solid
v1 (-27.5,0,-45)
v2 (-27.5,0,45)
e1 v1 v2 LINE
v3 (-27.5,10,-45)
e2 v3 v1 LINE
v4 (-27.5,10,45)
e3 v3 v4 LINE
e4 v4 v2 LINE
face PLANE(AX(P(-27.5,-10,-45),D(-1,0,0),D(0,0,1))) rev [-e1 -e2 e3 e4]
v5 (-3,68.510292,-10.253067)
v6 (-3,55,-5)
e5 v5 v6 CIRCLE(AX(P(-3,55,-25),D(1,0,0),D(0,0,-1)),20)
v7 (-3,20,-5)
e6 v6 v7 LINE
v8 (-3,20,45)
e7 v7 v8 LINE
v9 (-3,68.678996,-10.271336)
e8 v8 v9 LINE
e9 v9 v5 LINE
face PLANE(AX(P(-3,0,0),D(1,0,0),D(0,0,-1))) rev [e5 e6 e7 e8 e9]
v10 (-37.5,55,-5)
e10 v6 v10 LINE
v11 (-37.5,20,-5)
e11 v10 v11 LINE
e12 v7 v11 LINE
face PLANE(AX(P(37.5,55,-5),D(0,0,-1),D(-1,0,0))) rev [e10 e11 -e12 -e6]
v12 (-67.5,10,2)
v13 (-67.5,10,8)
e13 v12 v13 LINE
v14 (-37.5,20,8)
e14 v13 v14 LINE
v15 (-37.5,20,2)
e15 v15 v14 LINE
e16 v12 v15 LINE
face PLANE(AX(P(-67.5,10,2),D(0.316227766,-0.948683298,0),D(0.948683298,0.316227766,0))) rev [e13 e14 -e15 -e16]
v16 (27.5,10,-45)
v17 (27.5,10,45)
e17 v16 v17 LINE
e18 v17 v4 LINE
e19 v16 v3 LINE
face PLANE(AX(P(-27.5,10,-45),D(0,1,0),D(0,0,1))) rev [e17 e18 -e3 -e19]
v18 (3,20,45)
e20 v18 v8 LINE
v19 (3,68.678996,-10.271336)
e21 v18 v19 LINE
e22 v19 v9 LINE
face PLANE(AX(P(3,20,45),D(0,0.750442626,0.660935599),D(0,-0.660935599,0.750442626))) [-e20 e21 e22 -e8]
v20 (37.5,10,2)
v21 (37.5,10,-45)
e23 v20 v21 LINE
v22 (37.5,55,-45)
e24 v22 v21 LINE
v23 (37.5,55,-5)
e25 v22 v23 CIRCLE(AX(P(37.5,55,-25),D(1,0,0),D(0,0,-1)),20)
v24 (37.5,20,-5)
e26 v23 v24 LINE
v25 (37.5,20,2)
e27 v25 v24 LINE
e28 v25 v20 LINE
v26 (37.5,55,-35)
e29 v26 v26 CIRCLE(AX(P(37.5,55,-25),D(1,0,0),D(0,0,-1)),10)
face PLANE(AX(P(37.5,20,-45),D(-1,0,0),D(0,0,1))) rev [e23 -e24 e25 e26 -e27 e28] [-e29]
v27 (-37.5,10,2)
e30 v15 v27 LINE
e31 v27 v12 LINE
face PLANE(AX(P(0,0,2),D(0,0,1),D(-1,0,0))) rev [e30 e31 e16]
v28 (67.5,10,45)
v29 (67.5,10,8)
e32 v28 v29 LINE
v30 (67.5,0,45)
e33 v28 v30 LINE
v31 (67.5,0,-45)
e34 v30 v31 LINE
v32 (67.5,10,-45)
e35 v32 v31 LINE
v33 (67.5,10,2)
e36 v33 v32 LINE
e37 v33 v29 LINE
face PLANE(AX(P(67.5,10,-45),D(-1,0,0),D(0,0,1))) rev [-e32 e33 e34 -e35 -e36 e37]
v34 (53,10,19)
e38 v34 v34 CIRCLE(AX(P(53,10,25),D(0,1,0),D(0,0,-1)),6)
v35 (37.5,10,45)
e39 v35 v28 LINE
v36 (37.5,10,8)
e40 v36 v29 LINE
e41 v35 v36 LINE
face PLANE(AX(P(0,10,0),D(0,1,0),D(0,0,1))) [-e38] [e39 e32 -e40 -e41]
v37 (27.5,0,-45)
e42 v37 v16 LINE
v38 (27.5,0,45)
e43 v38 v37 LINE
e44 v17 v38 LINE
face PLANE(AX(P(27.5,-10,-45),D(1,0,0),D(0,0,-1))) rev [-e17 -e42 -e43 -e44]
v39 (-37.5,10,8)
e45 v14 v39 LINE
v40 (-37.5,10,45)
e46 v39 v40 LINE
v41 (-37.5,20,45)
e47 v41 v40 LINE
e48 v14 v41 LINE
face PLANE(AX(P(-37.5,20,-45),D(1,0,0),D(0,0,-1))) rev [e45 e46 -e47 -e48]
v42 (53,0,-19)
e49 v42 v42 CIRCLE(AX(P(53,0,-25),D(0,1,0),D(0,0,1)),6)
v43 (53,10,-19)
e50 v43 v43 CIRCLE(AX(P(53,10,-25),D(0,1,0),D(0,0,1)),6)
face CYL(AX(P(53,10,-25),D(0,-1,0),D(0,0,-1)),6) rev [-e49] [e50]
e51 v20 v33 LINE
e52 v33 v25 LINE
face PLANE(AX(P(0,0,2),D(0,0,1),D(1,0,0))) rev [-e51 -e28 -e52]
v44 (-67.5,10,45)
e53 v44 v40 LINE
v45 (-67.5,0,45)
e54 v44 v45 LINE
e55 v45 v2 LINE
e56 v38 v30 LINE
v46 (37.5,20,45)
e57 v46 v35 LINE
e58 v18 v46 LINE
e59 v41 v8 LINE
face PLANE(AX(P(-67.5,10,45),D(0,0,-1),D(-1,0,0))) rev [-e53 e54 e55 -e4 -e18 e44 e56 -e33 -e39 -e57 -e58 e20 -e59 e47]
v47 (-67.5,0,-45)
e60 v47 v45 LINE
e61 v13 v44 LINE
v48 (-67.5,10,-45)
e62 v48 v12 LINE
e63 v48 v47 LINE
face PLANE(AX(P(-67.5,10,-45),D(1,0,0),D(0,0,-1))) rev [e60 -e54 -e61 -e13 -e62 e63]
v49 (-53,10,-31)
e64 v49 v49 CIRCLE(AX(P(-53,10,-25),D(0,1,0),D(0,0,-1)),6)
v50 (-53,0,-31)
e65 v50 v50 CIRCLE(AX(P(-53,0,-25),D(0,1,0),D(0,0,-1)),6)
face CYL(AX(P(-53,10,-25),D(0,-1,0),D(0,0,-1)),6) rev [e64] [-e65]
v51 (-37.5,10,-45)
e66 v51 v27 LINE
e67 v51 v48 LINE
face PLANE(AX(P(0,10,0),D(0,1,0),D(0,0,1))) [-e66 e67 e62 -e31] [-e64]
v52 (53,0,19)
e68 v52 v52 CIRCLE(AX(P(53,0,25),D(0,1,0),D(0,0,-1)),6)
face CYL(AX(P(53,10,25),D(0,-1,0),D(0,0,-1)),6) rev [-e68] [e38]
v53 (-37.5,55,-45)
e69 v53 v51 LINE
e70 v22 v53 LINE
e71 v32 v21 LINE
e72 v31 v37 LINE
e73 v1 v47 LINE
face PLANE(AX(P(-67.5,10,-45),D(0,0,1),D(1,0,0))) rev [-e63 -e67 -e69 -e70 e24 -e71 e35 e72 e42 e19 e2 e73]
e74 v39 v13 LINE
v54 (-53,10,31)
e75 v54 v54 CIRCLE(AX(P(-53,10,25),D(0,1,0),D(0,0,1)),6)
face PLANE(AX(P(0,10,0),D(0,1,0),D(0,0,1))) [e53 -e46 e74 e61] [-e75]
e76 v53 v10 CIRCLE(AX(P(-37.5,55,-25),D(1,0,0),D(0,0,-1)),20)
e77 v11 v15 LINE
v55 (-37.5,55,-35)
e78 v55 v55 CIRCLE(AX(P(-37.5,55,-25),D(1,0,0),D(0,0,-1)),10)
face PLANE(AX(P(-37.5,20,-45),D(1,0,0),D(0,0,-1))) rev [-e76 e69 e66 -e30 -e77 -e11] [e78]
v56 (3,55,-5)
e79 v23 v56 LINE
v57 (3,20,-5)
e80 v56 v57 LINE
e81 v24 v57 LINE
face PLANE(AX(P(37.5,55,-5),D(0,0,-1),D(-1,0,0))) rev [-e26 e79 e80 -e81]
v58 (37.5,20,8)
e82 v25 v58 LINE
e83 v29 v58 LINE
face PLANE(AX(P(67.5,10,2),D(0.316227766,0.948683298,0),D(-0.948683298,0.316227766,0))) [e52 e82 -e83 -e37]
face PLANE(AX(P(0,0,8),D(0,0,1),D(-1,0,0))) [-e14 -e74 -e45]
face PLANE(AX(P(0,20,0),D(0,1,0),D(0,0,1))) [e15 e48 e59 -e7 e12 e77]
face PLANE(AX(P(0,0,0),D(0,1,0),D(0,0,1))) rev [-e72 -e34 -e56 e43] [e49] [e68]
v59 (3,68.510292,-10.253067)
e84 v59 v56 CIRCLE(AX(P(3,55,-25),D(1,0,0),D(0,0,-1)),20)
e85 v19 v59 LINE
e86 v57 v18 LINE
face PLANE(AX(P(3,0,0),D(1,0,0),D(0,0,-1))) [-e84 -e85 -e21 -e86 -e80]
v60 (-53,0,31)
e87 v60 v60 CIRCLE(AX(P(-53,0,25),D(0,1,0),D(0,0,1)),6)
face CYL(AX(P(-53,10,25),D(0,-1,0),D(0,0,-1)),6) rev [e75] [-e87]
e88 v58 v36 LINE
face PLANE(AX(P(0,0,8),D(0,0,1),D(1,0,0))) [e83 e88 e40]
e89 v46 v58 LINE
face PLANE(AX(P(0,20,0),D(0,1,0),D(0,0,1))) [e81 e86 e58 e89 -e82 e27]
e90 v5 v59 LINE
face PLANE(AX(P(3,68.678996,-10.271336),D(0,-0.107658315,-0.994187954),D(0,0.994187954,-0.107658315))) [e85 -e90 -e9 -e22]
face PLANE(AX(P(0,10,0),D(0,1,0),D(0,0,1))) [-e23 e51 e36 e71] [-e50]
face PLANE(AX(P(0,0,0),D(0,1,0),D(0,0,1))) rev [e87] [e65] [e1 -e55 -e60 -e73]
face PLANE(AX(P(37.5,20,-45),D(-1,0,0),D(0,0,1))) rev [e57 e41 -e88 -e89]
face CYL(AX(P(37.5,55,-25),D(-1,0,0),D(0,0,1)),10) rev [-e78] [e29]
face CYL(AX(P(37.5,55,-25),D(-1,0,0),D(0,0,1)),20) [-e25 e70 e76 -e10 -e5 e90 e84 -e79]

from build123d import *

# Parameters (mm, degrees)
CROQUIS2_W              = 135
CROQUIS2_H              = 90
CROQUIS2_R              = 6
SALIENTE_EXTRUIR1_DEPTH = 10
CROQUIS3_W              = 75
CROQUIS3_H              = 90
SALIENTE_EXTRUIR2_DEPTH = 10
CROQUIS4_W              = 55
CROQUIS4_H              = 20
CORTAR_EXTRUIR1_DEPTH   = 91
SALIENTE_EXTRUIR3_DEPTH = 6
CROQUIS11_R             = 10
SALIENTE_EXTRUIR4_DEPTH = 37.5
SALIENTE_EXTRUIR5_DEPTH = 3


with BuildPart() as part:
    # Croquis2 → Saliente-Extruir1 (new body)
    with BuildSketch(Plane(origin=(0, 0, 0), x_dir=(1, 0, 0), z_dir=(0, 1, 0))):
        Rectangle(CROQUIS2_W, CROQUIS2_H)
        with Locations((-53, -25)):
            Circle(CROQUIS2_R, mode=Mode.SUBTRACT)
        with Locations((53, -25)):
            Circle(CROQUIS2_R, mode=Mode.SUBTRACT)
        with Locations((53, 25)):
            Circle(CROQUIS2_R, mode=Mode.SUBTRACT)
        with Locations((-53, 25)):
            Circle(CROQUIS2_R, mode=Mode.SUBTRACT)
    extrude(amount=SALIENTE_EXTRUIR1_DEPTH)

    # Croquis3 → Saliente-Extruir2 (add)
    with BuildSketch(Plane(origin=(0, 10, 0), x_dir=(1, 0, 0), z_dir=(0, 1, 0))):
        Rectangle(CROQUIS3_W, CROQUIS3_H)
    extrude(amount=SALIENTE_EXTRUIR2_DEPTH)

    # Croquis4 → Cortar-Extruir1 (cut, through all)
    with BuildSketch(Plane.XY.offset(45)):
        Rectangle(CROQUIS4_W, CROQUIS4_H)
    extrude(amount=-CORTAR_EXTRUIR1_DEPTH, mode=Mode.SUBTRACT)

    # Croquis9 → Saliente-Extruir3 (add)
    with BuildSketch(Plane.XY.offset(8)):
        Polygon((37.5, 20), (37.5, 10), (67.5, 10), align=None)
    saliente_extruir3 = extrude(amount=-SALIENTE_EXTRUIR3_DEPTH)

    # Simetría1: Saliente-Extruir3 across plane
    add(saliente_extruir3.mirror(Plane(origin=(0, 0, 0), x_dir=(0, 0, 1), z_dir=(1, 0, 0))))

    # Croquis11 → Saliente-Extruir4 (add, symmetric)
    with BuildSketch(Plane(origin=(0, 0, 0), x_dir=(0, 0, -1), z_dir=(1, 0, 0))):
        with BuildLine():
            Line((45, 20), (45, 55))
            ThreePointArc((45, 55), (25, 75), (5, 55))
            Line((5, 55), (5, 20))
            Line((5, 20), (45, 20))
        make_face()
        with Locations((25, 55)):
            Circle(CROQUIS11_R, mode=Mode.SUBTRACT)
    extrude(amount=SALIENTE_EXTRUIR4_DEPTH, both=True)

    # Croquis12 → Saliente-Extruir5 (add, symmetric)
    with BuildSketch(Plane(origin=(0, 0, 0), x_dir=(0, 0, -1), z_dir=(1, 0, 0))):
        Polygon((-45, 20), (10.271335942, 68.678995905), (5, 20), align=None)
    extrude(amount=SALIENTE_EXTRUIR5_DEPTH, both=True)


solid = part.part
